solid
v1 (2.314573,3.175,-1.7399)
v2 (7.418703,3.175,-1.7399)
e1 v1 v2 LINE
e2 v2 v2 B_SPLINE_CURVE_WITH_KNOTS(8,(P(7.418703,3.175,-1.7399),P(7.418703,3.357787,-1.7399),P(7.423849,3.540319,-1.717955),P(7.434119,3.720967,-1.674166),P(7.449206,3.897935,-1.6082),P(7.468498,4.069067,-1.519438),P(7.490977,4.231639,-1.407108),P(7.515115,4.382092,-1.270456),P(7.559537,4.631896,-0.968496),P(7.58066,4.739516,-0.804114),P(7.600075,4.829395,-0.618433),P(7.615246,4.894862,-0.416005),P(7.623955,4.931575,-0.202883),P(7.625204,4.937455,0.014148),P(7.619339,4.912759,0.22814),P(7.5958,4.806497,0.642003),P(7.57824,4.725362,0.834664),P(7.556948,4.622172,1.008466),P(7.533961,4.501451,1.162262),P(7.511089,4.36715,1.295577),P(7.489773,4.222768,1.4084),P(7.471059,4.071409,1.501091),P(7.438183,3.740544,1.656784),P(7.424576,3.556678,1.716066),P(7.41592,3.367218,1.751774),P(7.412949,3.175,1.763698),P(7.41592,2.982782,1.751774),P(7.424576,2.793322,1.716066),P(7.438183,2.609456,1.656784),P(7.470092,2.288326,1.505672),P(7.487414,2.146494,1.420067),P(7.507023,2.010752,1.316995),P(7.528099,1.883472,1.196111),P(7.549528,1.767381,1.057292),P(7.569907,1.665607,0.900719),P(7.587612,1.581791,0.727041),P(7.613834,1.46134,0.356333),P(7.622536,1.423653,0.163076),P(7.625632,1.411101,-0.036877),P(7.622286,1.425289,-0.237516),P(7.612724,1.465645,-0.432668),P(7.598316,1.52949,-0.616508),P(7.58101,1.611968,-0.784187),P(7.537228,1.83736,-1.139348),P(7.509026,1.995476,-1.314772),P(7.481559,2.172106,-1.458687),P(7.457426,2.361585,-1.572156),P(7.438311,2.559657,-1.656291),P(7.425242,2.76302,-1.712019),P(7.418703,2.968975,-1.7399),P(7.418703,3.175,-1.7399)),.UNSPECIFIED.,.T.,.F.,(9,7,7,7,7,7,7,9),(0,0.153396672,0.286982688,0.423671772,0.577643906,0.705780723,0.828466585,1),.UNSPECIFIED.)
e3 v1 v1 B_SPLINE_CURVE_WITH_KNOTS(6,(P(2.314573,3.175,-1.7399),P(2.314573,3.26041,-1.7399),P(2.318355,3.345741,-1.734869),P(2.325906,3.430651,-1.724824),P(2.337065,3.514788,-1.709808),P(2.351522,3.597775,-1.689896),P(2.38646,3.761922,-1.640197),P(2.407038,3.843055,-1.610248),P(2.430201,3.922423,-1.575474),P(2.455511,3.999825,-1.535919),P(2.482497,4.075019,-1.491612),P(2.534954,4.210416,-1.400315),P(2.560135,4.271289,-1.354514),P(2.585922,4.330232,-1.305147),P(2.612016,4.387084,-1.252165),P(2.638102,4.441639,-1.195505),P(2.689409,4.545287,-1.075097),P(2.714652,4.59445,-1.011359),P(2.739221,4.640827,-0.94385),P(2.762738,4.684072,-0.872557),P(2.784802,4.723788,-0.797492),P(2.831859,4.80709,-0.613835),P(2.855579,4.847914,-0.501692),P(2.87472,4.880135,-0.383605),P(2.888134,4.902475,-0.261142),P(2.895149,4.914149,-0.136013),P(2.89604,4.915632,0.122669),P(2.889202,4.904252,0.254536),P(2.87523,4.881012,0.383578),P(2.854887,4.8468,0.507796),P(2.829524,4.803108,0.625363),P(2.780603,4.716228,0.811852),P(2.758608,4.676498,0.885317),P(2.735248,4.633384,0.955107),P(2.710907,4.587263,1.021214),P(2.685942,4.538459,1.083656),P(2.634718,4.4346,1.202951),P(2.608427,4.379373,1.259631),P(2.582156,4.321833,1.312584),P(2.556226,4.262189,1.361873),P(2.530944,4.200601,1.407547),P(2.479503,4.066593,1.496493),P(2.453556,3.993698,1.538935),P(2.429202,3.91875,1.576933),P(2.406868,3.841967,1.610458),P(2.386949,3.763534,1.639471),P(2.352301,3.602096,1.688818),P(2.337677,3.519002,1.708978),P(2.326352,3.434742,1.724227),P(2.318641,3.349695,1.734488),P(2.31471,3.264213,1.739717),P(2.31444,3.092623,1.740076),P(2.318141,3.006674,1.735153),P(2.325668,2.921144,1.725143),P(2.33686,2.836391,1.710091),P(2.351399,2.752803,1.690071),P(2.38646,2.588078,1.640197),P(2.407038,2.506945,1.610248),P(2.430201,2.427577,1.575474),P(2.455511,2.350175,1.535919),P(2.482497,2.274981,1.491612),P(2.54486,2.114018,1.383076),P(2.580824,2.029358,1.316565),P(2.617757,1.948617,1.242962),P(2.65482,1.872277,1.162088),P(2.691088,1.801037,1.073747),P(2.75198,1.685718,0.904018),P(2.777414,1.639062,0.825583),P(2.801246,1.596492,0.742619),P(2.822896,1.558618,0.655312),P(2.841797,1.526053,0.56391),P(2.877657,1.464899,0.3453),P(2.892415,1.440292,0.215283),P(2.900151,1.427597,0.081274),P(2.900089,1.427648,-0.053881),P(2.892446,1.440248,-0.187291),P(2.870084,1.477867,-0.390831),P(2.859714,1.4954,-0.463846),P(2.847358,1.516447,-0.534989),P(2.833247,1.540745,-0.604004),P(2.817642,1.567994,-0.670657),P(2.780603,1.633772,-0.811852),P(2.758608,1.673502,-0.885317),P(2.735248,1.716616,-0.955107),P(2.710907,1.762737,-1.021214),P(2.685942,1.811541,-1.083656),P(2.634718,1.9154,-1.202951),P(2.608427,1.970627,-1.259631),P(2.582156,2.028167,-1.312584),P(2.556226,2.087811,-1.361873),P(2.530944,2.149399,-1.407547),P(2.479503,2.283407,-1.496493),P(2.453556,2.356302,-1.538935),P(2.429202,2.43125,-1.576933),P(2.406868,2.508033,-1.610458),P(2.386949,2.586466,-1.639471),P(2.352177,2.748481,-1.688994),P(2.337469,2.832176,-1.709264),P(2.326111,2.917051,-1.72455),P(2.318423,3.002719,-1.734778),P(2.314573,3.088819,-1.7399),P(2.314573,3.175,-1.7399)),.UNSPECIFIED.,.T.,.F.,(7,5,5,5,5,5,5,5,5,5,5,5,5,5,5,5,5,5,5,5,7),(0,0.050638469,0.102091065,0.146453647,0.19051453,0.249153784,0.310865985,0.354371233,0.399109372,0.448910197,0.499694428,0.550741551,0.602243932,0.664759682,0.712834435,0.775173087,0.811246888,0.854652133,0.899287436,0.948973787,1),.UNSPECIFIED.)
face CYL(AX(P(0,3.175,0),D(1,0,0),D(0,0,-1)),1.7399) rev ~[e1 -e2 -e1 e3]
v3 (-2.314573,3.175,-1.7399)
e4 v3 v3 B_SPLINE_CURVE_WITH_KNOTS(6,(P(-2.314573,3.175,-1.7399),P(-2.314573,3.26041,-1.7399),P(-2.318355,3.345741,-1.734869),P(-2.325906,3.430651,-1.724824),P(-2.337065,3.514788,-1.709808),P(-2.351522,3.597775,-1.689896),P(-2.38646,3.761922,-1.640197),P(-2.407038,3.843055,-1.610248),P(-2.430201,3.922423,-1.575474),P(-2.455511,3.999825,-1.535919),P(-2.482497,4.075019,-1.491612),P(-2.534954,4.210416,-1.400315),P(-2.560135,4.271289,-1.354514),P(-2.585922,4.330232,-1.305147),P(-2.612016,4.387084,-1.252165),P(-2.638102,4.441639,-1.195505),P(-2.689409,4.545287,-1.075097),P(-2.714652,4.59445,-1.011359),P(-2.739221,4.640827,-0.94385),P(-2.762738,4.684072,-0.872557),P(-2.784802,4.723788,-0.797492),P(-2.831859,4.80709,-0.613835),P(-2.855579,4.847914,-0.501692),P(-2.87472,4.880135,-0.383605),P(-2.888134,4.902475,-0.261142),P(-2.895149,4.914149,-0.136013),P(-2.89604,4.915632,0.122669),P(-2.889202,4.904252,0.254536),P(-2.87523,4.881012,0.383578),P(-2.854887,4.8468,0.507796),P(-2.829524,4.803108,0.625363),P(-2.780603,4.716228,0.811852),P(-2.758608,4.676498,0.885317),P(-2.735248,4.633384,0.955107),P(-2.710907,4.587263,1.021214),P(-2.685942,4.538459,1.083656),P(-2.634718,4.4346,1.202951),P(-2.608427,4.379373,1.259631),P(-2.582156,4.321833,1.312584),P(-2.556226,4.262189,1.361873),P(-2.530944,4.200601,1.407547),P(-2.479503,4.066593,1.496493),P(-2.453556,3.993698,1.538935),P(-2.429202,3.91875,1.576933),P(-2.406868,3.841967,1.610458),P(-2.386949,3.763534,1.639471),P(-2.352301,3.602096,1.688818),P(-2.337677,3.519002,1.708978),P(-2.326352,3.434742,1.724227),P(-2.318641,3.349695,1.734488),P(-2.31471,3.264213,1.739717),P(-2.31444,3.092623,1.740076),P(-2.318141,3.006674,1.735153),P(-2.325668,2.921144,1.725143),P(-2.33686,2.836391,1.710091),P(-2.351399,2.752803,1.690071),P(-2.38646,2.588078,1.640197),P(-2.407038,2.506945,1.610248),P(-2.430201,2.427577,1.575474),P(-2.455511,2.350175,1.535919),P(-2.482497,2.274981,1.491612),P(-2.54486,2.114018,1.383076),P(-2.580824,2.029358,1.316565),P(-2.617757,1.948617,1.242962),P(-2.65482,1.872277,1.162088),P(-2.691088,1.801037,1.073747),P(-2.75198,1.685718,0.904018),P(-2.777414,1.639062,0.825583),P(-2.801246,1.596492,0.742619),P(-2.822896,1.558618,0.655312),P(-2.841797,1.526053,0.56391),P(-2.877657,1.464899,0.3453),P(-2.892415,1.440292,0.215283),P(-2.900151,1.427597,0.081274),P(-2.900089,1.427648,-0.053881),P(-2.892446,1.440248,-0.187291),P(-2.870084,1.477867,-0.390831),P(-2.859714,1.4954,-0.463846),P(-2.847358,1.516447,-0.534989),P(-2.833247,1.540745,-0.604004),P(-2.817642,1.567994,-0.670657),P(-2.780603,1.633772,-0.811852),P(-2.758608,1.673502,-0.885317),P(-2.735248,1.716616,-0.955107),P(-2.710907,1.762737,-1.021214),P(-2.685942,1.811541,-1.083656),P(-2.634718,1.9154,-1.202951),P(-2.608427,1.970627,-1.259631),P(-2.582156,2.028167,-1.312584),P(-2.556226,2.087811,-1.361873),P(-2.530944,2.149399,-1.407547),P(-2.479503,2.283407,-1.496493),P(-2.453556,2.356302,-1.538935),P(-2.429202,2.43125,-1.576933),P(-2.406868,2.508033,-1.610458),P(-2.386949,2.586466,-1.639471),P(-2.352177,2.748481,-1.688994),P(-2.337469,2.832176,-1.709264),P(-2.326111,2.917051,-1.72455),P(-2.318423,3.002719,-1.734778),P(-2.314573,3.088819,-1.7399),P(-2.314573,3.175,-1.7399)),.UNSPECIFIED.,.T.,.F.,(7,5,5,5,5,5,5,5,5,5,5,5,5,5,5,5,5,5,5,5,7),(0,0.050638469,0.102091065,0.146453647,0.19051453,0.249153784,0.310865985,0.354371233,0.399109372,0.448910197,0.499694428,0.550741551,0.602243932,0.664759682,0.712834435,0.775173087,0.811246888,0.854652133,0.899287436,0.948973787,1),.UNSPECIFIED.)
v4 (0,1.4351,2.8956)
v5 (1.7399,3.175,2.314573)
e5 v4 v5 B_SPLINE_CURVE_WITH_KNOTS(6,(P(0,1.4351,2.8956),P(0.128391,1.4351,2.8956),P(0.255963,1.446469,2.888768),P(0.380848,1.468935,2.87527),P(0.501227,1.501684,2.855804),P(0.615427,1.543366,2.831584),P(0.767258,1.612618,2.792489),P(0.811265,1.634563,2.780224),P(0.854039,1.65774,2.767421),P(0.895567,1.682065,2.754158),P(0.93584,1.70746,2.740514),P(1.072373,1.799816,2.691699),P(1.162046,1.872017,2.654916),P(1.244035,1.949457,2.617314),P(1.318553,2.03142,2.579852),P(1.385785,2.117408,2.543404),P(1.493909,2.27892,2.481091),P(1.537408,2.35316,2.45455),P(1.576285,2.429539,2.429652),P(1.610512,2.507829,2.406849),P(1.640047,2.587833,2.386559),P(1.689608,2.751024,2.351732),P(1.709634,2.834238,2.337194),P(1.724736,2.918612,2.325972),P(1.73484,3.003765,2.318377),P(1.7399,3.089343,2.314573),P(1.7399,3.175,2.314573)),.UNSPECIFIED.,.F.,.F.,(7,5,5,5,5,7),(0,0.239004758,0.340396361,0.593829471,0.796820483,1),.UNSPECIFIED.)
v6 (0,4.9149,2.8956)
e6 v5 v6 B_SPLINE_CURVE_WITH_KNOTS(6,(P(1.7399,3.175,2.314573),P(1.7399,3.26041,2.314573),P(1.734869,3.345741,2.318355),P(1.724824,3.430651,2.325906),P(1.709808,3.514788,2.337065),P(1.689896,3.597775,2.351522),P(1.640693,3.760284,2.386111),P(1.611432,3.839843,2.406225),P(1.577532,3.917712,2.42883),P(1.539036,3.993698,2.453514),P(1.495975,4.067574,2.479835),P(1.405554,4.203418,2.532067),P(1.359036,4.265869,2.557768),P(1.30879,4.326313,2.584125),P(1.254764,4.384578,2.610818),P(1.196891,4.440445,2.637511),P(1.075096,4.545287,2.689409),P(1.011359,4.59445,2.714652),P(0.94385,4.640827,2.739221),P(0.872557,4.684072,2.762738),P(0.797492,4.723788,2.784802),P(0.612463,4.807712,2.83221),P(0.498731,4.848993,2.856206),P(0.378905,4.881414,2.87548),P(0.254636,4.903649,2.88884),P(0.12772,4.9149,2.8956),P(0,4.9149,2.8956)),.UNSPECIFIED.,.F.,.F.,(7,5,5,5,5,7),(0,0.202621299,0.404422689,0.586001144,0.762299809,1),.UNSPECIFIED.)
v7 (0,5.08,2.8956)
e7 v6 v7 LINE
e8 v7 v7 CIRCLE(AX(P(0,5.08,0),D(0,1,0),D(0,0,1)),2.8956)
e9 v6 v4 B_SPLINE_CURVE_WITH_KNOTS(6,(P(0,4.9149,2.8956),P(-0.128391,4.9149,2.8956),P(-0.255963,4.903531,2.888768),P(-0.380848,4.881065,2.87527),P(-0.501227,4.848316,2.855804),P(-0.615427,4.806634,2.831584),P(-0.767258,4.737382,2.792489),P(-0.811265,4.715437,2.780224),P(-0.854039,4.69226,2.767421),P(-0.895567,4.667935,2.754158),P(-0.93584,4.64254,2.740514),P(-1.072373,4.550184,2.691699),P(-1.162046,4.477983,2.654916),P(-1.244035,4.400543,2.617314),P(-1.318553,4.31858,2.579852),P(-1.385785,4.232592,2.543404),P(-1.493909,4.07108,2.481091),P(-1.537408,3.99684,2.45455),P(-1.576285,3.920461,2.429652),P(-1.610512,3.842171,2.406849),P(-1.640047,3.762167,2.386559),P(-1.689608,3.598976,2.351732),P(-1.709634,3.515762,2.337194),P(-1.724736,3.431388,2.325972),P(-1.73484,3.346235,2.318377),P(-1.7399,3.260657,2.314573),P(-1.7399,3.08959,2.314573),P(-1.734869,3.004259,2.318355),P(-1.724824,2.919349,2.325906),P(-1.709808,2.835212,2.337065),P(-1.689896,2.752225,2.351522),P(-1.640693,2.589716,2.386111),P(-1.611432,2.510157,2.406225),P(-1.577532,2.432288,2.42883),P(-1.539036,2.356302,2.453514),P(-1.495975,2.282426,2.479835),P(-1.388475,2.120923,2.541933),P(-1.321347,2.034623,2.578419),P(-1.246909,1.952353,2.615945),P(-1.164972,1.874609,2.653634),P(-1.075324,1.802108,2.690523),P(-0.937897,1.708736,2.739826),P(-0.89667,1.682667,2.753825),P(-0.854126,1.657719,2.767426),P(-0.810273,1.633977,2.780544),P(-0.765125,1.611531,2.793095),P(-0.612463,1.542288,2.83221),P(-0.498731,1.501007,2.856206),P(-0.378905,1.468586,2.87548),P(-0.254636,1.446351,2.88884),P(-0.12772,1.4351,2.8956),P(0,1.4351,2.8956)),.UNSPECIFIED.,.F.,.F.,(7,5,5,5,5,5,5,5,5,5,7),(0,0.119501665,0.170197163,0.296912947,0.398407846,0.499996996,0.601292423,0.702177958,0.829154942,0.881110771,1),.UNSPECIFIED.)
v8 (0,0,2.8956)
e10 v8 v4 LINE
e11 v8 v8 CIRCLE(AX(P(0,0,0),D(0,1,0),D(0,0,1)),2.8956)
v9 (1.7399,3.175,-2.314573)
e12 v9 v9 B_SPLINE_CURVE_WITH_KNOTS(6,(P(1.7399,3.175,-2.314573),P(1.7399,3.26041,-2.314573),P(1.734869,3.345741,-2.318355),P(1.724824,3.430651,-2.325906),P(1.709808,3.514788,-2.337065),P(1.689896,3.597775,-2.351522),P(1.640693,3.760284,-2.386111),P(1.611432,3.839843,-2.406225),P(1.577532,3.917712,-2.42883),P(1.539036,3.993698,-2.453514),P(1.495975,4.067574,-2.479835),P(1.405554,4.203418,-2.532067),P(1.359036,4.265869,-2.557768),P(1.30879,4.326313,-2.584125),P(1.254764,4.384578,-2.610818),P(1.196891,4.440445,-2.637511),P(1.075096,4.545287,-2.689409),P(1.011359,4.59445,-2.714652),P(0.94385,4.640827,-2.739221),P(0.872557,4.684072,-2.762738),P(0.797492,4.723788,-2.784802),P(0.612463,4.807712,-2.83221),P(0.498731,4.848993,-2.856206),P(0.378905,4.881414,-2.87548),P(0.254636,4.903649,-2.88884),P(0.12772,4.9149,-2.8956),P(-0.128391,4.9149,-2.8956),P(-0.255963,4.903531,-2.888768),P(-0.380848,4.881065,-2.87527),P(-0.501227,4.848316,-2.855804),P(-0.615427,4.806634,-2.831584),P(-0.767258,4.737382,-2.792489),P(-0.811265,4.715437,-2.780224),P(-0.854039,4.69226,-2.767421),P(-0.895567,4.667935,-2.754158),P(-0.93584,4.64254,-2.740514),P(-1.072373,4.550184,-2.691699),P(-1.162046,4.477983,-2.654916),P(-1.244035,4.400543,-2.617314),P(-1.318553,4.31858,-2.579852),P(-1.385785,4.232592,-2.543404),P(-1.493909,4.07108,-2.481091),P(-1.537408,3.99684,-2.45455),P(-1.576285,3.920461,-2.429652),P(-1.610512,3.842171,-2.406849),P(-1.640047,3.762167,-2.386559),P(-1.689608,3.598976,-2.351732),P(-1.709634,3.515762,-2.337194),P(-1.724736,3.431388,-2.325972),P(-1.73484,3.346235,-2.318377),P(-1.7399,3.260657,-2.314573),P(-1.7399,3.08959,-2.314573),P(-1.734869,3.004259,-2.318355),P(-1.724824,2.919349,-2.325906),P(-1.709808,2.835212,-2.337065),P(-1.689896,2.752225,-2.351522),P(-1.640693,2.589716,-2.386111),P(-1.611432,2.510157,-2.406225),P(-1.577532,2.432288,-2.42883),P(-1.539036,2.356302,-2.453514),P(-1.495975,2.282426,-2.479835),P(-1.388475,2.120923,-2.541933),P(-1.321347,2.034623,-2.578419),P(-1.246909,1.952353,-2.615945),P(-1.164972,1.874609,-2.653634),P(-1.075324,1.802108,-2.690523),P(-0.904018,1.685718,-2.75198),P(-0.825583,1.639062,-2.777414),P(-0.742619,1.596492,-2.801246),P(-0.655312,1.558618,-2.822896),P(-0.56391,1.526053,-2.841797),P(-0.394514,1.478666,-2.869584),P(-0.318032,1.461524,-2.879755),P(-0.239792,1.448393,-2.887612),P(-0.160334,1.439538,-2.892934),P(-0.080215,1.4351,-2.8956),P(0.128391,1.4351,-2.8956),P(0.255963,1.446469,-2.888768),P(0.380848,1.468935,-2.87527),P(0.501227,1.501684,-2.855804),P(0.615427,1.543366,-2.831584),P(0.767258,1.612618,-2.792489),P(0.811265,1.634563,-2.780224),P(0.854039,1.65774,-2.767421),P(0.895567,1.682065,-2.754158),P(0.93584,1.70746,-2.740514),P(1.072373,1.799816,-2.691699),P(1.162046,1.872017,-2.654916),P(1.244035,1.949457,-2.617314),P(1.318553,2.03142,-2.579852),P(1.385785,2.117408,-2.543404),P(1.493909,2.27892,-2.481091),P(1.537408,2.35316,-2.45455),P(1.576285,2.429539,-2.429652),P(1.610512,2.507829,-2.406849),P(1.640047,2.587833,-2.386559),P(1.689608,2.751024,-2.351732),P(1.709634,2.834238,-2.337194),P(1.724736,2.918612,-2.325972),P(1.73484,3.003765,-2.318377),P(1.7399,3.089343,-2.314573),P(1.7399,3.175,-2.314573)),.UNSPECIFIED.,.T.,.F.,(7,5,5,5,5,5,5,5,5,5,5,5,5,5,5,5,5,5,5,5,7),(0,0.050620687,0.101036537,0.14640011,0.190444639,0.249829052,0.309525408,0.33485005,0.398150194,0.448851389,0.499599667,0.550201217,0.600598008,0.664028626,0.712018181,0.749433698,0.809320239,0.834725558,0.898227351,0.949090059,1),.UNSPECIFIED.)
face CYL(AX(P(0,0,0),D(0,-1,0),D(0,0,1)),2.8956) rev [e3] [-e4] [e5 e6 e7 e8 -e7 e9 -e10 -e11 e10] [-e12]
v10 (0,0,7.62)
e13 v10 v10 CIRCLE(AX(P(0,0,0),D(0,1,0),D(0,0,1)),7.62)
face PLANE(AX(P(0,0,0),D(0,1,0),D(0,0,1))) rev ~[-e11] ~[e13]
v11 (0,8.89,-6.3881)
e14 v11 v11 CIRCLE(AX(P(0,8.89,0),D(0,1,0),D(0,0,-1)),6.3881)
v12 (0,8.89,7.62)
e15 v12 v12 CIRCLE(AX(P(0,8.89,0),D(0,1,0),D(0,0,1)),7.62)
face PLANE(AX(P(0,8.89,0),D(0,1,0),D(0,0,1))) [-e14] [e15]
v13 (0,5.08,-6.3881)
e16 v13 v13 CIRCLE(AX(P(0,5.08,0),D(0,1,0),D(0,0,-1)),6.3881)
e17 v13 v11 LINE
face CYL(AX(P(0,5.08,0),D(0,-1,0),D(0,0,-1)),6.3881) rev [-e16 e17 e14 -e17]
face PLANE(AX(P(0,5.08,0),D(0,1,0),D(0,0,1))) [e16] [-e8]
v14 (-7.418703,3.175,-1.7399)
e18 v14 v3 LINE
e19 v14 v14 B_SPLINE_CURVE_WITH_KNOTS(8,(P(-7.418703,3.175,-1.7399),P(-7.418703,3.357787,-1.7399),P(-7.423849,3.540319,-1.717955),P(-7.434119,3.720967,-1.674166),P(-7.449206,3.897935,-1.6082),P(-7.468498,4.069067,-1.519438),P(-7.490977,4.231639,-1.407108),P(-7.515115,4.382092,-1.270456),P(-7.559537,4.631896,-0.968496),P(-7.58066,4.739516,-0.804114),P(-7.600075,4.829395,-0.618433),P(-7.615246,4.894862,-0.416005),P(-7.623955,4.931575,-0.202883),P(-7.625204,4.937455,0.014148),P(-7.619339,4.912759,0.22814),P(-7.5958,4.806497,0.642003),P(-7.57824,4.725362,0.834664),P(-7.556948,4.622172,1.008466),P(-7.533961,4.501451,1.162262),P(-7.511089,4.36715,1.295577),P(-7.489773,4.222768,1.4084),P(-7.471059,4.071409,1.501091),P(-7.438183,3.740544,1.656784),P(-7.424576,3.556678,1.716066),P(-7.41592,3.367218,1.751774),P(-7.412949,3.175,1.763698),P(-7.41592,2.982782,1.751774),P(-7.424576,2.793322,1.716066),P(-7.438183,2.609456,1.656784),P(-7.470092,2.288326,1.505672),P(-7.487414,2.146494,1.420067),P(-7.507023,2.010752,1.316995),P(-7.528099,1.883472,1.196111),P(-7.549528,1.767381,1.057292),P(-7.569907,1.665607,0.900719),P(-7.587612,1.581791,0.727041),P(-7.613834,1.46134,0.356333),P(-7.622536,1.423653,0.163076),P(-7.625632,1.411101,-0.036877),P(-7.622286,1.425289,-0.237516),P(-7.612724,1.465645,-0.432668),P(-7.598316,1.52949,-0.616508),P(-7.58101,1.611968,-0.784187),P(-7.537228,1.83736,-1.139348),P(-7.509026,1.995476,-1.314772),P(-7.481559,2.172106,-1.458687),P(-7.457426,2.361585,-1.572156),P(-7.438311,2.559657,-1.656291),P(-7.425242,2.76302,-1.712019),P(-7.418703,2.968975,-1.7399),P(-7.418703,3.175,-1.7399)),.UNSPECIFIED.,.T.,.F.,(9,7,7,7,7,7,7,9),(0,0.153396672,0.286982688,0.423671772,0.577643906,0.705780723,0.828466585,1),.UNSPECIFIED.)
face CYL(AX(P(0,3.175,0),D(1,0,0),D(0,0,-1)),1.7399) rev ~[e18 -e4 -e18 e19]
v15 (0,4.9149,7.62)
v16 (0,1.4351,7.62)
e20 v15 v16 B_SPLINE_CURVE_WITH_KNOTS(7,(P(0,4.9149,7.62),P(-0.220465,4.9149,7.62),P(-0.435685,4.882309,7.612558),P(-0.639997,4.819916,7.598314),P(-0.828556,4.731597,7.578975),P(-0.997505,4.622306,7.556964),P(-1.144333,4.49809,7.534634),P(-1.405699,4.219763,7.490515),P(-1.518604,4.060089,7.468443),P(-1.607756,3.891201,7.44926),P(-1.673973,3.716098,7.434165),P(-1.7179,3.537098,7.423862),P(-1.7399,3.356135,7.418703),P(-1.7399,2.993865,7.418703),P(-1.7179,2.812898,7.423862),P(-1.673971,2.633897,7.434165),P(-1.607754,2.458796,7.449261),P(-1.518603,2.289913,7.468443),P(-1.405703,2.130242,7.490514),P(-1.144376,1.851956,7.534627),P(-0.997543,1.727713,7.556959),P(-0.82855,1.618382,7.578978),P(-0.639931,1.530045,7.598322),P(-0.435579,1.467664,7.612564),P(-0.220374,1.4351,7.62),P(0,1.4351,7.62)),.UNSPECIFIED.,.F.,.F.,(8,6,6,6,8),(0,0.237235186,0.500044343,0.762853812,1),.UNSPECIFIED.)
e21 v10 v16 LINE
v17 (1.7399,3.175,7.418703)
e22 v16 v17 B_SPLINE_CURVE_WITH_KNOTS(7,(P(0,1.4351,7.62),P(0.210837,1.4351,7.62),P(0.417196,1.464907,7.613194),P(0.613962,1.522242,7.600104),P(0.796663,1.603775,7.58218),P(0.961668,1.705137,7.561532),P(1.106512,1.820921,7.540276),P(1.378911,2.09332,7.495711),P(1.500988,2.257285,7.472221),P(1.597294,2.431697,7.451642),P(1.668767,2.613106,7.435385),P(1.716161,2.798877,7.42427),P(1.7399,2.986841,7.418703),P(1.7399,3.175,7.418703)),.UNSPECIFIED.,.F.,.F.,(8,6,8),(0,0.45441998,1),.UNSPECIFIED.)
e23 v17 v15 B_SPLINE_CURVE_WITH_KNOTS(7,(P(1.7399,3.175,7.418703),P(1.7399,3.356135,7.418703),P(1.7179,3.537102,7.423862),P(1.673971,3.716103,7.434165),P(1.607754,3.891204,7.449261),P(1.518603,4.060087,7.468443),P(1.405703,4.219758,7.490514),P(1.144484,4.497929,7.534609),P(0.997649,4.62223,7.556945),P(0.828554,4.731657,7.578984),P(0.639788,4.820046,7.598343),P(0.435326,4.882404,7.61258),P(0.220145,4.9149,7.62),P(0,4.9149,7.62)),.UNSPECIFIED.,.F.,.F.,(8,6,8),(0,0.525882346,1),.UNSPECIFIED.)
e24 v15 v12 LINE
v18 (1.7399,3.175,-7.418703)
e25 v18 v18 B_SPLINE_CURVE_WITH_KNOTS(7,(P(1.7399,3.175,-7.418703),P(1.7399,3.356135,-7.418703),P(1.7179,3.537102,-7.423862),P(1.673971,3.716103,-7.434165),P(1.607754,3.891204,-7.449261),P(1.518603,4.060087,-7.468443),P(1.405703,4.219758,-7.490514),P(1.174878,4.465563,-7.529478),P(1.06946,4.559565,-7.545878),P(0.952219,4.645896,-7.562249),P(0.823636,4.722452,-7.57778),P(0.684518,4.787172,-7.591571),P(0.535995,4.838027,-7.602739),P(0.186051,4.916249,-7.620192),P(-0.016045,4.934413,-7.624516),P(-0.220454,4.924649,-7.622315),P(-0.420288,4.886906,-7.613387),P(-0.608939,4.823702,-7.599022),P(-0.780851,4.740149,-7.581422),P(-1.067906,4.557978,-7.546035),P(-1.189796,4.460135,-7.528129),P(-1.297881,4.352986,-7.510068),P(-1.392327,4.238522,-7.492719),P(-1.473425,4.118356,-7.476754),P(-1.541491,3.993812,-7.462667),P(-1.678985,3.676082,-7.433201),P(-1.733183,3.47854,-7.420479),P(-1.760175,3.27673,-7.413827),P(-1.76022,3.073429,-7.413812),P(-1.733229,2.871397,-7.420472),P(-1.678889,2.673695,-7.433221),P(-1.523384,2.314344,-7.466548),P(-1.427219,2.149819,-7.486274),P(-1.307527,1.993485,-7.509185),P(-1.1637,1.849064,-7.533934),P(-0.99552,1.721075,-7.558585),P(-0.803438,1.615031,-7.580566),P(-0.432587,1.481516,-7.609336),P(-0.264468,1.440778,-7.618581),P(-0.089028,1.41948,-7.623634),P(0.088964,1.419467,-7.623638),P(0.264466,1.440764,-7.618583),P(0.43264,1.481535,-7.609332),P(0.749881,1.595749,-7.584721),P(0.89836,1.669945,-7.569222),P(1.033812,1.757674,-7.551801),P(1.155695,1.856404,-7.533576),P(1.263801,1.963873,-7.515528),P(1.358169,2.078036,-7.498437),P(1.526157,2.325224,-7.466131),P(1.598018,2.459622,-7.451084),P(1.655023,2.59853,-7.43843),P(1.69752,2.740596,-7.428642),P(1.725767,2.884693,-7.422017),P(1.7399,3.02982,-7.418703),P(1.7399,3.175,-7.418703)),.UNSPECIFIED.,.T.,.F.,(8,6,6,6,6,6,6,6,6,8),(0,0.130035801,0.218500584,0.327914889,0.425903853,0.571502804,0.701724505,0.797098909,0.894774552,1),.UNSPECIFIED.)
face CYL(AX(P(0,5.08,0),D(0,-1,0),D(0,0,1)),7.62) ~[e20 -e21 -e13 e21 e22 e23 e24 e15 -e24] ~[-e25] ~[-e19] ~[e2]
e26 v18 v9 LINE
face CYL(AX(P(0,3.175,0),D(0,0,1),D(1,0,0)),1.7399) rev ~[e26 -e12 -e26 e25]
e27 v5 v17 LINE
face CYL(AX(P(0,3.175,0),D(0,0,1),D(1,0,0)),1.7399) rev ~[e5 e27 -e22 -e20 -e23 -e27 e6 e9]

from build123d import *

# Parameters (mm, degrees)
SKETCH1_R           = 7.62
SKETCH1_R_2         = 2.8956
BOSS_EXTRUDE1_DEPTH = 5.08
SKETCH2_R           = 7.62
SKETCH2_R_2         = 6.3881
BOSS_EXTRUDE2_DEPTH = 3.81
SKETCH3_R           = 1.7399
CUT_EXTRUDE1_DEPTH  = 12.7
SKETCH4_R           = 1.7399
CUT_EXTRUDE2_DEPTH  = 12.7


with BuildPart() as part:
    # Sketch1 → Boss-Extrude1 (new body)
    with BuildSketch(Plane(origin=(0, 0, 0), x_dir=(1, 0, 0), z_dir=(0, 1, 0))):
        with Locations(Location((0, 0, 0), (0, 0, 270))):
            Circle(SKETCH1_R)
        with Locations(Location((0, 0, 0), (0, 0, 270))):
            Circle(SKETCH1_R_2, mode=Mode.SUBTRACT)
    extrude(amount=BOSS_EXTRUDE1_DEPTH)

    # Sketch2 → Boss-Extrude2 (add)
    with BuildSketch(Plane(origin=(0, 5.08, 0), x_dir=(1, 0, 0), z_dir=(0, 1, 0))):
        with Locations(Location((0, 0, 0), (0, 0, 270))):
            Circle(SKETCH2_R)
        with Locations(Location((0, 0, 0), (0, 0, 90))):
            Circle(SKETCH2_R_2, mode=Mode.SUBTRACT)
    extrude(amount=BOSS_EXTRUDE2_DEPTH)

    # Sketch3 → Cut-Extrude1 (cut, symmetric)
    with BuildSketch(Plane.XY):
        with Locations((0, 3.175)):
            Circle(SKETCH3_R)
    extrude(amount=CUT_EXTRUDE1_DEPTH, both=True, mode=Mode.SUBTRACT)

    # Sketch4 → Cut-Extrude2 (cut, symmetric)
    with BuildSketch(Plane(origin=(0, 0, 0), x_dir=(0, 0, -1), z_dir=(1, 0, 0))):
        with Locations((0, 3.175)):
            Circle(SKETCH4_R)
    extrude(amount=CUT_EXTRUDE2_DEPTH, both=True, mode=Mode.SUBTRACT)


solid = part.part
